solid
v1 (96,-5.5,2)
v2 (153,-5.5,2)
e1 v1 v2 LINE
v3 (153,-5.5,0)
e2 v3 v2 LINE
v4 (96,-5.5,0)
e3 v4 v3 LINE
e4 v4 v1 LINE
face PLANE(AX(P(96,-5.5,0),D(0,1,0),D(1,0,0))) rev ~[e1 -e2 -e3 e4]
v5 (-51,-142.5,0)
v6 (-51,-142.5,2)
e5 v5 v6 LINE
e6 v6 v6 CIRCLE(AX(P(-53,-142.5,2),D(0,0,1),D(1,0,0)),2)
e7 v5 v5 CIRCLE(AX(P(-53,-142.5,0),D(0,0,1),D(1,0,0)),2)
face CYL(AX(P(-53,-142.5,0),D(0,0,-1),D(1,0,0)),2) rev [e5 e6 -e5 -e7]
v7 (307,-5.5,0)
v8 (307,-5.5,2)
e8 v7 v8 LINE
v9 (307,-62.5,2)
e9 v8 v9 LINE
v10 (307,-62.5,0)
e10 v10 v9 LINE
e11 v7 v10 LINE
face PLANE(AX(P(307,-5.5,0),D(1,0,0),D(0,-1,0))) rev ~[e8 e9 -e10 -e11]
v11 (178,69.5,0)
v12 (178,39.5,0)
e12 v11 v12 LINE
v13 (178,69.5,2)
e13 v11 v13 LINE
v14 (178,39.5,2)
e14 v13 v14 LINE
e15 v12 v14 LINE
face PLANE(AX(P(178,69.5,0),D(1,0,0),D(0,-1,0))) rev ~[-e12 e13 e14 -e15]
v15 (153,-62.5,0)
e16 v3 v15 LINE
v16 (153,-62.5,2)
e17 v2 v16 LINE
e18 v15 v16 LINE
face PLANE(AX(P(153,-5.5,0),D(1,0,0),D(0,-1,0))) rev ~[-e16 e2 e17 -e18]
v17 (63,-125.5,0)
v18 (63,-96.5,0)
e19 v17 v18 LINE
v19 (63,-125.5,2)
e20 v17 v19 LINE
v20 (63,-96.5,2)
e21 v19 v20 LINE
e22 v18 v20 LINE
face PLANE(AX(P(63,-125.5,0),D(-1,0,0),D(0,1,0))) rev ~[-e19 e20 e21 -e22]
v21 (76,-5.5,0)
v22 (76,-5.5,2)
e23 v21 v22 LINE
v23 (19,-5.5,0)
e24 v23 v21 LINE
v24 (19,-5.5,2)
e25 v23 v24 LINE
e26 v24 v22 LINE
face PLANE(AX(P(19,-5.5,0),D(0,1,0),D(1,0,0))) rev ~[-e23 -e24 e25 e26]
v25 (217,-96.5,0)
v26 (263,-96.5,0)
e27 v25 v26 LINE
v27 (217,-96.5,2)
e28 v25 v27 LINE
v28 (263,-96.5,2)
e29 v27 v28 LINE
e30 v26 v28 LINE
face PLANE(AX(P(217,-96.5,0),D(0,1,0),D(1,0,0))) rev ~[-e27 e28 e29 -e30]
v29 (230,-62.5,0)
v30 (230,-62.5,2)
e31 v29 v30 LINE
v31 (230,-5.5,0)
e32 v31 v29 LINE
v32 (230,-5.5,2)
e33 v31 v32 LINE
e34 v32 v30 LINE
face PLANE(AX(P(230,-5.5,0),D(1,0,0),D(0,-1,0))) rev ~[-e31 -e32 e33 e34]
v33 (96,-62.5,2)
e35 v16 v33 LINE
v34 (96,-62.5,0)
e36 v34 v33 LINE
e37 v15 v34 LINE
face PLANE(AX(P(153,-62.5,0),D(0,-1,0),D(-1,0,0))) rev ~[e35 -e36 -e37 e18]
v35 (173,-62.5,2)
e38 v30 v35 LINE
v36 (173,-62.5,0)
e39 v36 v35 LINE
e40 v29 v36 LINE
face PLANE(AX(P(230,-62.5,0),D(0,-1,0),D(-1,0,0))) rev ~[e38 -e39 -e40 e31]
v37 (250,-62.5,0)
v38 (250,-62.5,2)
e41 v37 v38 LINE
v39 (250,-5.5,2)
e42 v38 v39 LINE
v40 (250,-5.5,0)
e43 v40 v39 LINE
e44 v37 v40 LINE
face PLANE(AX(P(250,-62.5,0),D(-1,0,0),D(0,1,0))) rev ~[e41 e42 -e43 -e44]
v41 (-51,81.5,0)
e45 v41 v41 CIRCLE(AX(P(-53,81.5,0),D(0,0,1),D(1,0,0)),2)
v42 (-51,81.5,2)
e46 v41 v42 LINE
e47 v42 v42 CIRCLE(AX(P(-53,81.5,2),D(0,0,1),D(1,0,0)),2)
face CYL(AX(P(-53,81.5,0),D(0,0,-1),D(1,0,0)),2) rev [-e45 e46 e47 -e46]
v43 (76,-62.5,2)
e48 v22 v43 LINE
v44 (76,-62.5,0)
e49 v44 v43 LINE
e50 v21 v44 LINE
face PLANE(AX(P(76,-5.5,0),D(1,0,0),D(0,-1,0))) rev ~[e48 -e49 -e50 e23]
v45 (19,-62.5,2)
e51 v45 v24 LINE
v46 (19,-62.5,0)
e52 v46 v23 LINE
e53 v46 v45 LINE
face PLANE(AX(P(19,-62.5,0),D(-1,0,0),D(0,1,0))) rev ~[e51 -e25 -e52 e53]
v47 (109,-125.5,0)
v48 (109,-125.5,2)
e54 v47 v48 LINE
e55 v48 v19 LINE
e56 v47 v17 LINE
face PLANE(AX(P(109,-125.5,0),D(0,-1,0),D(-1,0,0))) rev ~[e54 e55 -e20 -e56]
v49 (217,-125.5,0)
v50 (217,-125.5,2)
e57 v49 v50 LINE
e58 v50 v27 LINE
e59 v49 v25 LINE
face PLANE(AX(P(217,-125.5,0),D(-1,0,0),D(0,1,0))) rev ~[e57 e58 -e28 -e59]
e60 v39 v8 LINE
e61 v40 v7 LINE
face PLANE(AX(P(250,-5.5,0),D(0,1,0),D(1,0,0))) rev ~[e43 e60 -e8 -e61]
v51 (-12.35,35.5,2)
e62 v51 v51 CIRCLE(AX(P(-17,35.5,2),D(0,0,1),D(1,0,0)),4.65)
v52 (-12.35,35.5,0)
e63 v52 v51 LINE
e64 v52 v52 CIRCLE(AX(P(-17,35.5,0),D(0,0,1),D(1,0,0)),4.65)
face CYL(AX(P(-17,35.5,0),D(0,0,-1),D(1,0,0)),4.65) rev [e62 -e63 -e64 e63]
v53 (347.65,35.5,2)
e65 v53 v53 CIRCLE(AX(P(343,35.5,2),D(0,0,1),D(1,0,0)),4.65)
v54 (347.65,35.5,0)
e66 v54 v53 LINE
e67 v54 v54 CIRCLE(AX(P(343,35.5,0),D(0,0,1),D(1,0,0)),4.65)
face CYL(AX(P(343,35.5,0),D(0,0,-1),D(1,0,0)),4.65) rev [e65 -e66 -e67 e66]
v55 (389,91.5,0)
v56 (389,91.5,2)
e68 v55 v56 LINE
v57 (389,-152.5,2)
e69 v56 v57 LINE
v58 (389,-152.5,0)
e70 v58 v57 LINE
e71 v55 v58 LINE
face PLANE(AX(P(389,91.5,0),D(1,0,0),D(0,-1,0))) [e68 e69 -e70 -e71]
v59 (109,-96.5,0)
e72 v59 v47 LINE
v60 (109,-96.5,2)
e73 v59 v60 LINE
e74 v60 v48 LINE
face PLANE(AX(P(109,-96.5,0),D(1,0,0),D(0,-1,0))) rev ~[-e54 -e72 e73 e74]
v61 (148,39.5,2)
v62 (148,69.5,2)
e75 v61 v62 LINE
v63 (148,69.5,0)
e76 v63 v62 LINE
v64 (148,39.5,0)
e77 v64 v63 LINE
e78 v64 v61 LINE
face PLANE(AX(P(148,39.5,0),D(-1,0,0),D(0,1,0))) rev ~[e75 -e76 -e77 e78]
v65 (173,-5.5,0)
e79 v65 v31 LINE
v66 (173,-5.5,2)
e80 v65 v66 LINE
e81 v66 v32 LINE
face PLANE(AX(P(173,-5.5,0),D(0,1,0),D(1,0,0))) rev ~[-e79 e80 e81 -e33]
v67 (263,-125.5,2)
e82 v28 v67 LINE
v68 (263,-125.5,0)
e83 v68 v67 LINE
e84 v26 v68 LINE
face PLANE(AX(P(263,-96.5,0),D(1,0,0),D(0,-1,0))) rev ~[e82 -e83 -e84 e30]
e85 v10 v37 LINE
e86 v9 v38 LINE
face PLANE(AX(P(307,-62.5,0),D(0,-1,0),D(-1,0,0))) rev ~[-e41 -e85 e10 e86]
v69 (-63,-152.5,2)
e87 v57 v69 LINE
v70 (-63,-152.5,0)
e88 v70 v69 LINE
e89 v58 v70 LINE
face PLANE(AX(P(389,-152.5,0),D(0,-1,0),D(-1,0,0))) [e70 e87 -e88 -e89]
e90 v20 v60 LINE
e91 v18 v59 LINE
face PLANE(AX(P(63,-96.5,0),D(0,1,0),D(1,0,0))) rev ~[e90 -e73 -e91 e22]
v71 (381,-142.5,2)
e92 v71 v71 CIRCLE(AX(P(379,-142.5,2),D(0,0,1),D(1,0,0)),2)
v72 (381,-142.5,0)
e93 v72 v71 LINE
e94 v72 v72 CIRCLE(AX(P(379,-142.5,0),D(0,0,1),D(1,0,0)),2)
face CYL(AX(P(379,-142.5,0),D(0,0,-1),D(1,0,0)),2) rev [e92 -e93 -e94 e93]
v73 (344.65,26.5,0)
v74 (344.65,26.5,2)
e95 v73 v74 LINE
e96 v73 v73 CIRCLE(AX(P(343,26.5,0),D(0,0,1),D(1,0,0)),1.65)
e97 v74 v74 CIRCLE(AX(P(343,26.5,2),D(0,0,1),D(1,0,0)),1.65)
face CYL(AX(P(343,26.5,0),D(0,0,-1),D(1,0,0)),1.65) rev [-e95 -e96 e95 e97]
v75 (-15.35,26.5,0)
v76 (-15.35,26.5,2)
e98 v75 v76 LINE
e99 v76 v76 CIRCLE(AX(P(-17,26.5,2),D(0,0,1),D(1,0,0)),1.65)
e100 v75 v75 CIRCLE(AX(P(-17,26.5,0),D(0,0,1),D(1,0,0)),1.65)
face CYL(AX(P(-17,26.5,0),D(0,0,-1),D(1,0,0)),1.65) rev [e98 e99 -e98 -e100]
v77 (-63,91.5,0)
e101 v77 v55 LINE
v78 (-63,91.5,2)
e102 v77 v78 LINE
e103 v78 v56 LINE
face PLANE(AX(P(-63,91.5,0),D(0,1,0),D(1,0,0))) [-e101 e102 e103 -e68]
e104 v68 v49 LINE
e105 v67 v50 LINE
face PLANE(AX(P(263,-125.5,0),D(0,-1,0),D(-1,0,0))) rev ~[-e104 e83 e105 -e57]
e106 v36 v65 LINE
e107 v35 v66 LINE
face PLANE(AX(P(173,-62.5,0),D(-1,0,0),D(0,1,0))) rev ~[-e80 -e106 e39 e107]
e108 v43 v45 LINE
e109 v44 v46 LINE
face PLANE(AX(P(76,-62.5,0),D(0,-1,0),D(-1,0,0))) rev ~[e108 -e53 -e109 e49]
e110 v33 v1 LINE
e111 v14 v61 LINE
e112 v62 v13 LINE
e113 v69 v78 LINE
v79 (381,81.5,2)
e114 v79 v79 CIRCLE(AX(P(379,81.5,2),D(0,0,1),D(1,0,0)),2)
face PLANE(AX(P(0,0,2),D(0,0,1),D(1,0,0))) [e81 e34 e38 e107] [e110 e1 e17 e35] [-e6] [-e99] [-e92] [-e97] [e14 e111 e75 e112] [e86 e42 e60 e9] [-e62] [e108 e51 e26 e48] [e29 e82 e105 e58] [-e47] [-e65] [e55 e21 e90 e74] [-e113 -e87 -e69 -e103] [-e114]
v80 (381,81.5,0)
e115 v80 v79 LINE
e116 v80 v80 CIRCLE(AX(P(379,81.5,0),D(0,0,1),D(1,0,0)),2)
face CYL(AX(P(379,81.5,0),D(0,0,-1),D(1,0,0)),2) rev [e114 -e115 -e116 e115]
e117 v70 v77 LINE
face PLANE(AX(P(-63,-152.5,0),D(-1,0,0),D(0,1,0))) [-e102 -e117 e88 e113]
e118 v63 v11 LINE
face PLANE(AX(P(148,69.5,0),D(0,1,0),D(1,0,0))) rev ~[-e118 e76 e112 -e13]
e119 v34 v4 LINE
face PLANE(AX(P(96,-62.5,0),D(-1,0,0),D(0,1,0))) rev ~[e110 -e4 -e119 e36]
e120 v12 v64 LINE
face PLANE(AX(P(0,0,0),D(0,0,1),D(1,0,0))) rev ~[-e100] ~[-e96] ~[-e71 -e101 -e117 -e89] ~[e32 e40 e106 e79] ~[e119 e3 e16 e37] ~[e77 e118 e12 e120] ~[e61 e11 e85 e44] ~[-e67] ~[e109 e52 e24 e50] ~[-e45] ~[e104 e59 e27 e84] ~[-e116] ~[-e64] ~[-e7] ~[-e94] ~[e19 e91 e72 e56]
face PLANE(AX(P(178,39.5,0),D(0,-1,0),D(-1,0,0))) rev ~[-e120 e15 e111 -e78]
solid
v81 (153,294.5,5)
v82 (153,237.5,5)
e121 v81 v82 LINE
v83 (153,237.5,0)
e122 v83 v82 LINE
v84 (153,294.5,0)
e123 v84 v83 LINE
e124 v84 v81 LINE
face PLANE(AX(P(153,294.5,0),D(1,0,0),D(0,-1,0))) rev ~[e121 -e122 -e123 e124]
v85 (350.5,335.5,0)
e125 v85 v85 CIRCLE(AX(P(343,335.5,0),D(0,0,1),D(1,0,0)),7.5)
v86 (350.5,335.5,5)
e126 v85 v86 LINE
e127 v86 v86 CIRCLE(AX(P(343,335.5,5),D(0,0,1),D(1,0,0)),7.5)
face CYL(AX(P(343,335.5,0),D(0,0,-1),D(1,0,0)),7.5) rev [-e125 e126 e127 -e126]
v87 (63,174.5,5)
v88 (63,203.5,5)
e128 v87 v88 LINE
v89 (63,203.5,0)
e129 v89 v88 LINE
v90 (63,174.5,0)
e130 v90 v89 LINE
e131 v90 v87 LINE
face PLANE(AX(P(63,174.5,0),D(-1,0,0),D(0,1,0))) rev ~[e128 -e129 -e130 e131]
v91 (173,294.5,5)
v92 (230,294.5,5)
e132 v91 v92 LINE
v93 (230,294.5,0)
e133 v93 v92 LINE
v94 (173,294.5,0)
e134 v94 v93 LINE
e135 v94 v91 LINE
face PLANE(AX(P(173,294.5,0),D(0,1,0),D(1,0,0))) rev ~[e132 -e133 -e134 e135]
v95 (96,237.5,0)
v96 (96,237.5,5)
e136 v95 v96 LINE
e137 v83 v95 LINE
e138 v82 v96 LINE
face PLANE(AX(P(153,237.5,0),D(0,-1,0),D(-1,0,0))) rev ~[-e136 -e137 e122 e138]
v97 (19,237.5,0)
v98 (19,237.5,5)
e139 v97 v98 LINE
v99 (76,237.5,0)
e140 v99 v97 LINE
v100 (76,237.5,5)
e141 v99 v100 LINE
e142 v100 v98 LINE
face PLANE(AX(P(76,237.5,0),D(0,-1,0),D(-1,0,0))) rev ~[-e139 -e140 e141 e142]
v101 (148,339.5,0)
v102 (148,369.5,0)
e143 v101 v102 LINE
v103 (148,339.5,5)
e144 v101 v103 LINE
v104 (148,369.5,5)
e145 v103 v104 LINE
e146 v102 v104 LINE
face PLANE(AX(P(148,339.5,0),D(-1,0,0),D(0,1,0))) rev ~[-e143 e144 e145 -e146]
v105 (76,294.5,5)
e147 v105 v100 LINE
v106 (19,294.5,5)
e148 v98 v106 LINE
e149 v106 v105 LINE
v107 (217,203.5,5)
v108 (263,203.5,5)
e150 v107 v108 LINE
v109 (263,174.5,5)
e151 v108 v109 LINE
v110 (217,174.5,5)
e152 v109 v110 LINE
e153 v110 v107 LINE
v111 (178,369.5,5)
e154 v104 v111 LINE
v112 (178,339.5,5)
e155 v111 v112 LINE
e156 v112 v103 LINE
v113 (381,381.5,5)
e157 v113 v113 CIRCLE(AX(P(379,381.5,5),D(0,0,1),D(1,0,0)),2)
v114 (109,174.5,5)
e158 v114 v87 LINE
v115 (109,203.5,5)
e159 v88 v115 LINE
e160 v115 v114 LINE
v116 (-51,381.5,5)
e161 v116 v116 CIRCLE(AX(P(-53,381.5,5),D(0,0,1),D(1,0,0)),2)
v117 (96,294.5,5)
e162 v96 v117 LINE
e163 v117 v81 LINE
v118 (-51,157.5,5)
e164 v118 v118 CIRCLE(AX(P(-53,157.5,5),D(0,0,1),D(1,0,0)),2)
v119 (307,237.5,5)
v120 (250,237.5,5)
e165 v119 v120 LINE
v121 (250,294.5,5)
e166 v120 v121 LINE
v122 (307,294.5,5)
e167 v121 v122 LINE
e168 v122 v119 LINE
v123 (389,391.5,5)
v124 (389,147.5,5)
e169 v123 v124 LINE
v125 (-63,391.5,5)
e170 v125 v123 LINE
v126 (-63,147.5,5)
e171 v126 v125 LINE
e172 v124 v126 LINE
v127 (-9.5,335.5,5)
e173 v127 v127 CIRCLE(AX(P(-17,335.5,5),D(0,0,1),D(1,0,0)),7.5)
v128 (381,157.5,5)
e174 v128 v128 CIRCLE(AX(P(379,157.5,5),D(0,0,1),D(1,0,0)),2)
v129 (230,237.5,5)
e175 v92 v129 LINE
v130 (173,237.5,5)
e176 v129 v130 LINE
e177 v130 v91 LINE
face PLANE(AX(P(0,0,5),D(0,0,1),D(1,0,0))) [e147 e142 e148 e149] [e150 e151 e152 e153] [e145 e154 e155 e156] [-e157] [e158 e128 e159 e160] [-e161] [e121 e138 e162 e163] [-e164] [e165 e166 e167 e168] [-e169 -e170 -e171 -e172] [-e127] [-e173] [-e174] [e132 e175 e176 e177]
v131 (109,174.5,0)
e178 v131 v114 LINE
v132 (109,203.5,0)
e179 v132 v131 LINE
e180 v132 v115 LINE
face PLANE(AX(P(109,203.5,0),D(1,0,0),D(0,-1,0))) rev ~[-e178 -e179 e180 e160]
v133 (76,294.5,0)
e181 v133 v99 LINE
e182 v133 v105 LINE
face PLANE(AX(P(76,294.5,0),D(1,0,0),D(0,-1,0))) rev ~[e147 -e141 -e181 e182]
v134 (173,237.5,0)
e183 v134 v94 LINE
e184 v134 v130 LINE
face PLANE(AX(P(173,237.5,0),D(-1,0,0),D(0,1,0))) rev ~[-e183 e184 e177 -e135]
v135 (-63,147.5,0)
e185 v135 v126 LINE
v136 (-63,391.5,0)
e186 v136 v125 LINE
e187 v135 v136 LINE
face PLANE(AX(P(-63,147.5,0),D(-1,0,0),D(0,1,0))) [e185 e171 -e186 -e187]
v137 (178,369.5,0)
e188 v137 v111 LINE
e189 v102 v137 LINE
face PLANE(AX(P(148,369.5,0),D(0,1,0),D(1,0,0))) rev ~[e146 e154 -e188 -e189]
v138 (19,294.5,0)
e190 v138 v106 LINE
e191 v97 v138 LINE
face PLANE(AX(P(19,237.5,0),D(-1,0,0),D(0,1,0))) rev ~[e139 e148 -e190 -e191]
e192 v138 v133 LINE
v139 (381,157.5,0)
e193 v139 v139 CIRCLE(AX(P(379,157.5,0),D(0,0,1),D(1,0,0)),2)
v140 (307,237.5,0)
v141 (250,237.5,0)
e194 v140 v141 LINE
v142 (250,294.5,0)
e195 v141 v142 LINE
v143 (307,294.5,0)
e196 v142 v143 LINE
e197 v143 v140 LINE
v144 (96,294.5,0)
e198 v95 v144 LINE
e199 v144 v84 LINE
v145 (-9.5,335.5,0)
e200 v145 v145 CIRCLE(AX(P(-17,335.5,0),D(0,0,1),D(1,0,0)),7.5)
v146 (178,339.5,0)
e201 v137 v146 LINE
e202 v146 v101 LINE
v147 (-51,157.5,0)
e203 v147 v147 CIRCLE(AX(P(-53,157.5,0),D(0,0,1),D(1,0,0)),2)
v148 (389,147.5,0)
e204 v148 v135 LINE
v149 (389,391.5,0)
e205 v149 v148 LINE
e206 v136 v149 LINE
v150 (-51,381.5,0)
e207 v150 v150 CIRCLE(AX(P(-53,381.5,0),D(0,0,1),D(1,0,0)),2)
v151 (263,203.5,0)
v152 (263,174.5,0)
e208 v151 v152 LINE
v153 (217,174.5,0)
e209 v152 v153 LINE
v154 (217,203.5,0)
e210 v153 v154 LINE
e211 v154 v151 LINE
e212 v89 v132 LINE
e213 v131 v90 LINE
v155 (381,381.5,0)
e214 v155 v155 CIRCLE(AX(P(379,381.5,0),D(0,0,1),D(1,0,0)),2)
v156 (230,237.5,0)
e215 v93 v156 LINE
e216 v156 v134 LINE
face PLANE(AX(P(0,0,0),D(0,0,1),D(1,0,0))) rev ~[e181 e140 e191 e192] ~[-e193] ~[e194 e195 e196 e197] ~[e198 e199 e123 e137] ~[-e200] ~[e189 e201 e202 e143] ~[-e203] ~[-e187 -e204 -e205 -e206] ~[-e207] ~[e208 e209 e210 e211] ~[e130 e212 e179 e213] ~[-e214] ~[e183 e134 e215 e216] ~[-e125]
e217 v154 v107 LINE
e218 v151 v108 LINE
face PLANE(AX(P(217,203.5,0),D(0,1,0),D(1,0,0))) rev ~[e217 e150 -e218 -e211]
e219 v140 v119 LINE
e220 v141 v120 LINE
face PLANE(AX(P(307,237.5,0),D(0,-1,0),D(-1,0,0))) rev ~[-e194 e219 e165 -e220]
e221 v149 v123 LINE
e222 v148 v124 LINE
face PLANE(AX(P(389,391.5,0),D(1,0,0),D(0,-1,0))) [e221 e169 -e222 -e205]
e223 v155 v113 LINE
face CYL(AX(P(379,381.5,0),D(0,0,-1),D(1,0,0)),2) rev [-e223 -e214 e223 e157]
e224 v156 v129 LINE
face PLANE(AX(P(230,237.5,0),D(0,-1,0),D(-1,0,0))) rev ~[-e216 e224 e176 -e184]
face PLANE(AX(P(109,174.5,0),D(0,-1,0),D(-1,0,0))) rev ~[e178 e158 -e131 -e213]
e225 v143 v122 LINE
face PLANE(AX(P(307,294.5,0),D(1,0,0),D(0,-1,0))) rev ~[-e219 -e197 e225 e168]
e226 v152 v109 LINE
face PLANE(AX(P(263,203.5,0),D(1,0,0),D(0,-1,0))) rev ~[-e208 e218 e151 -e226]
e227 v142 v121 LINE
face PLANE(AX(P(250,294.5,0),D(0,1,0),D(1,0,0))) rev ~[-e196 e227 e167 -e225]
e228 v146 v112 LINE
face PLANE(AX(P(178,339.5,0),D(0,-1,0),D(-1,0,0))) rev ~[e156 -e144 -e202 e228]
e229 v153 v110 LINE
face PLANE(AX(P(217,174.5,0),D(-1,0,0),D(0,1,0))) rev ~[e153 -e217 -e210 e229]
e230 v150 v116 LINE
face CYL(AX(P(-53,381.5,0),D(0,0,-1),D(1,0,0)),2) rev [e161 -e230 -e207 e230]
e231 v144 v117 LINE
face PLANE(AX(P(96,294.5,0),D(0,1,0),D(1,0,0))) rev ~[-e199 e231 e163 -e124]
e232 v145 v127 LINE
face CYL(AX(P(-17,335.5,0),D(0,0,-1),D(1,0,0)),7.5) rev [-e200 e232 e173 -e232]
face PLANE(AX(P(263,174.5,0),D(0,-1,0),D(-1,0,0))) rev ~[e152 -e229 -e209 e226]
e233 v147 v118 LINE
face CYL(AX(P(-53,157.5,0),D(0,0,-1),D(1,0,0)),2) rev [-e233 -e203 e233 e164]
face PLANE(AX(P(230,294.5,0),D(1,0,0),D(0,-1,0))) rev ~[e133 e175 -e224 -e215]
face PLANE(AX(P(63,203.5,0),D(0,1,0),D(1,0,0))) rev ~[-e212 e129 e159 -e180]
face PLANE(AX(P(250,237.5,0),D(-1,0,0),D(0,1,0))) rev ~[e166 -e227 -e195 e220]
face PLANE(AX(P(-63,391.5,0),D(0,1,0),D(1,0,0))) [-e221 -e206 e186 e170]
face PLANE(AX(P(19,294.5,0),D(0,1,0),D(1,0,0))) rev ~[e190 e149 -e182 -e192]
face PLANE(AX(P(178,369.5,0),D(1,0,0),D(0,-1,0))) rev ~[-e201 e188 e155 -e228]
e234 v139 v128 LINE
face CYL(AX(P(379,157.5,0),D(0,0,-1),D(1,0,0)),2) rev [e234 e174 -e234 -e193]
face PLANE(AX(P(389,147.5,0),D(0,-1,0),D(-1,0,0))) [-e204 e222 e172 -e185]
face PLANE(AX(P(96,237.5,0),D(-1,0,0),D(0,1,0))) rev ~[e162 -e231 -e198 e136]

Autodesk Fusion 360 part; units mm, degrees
sketch "스케치1" plane through (0, 0, 0) normal (0, 0, 1) x (1, 0, 0)
  line L0 (-63, 91.5) -> (389, 91.5)
  line L1 (389, 91.5) -> (389, -152.5)
  line L2 (389, -152.5) -> (-63, -152.5)
  line L3 (-63, -152.5) -> (-63, 91.5)
  circle A0 centre (-17, 35.5) radius 4.65
  circle A1 centre (-17, 26.5) radius 1.65
  circle A2 centre (343, 35.5) radius 4.65
  circle A3 centre (343, 26.5) radius 1.65
  line L4 (148, 69.5) -> (178, 69.5)
  line L5 (178, 69.5) -> (178, 39.5)
  line L6 (178, 39.5) -> (148, 39.5)
  line L7 (148, 39.5) -> (148, 69.5)
  line L8 (19, -5.5) -> (76, -5.5)
  line L9 (76, -5.5) -> (76, -62.5)
  line L10 (76, -62.5) -> (19, -62.5)
  line L11 (19, -62.5) -> (19, -5.5)
  line L12 (96, -5.5) -> (153, -5.5)
  line L13 (153, -5.5) -> (153, -62.5)
  line L14 (153, -62.5) -> (96, -62.5)
  line L15 (96, -62.5) -> (96, -5.5)
  line L16 (173, -5.5) -> (230, -5.5)
  line L17 (230, -5.5) -> (230, -62.5)
  line L18 (230, -62.5) -> (173, -62.5)
  line L19 (173, -62.5) -> (173, -5.5)
  line L20 (250, -5.5) -> (307, -5.5)
  line L21 (307, -5.5) -> (307, -62.5)
  line L22 (307, -62.5) -> (250, -62.5)
  line L23 (250, -62.5) -> (250, -5.5)
  line L24 (63, -96.5) -> (109, -96.5)
  line L25 (109, -96.5) -> (109, -125.5)
  line L26 (109, -125.5) -> (63, -125.5)
  line L27 (63, -125.5) -> (63, -96.5)
  line L28 (217, -96.5) -> (263, -96.5)
  line L29 (263, -96.5) -> (263, -125.5)
  line L30 (263, -125.5) -> (217, -125.5)
  line L31 (217, -125.5) -> (217, -96.5)
  circle A4 centre (-53, -142.5) radius 2
  circle A5 centre (-53, 81.5) radius 2
  circle A6 centre (379, 81.5) radius 2
  circle A7 centre (379, -142.5) radius 2
  dimension "d1" = 452
  dimension "d2" = 244
  dimension "d3" = 9.3
  dimension "d4" = 46
  dimension "d5" = 56
  dimension "d6" = 3.3
  dimension "d7" = 9
  dimension "d8" = 9.3
  dimension "d9" = 46
  dimension "d10" = 56
  dimension "d11" = 3.3
  dimension "d12" = 9
  dimension "d13" = 30
  dimension "d14" = 30
  dimension "d15" = 22
  dimension "d16" = 211
  dimension "d17" = 57
  dimension "d18" = 57
  dimension "d19" = 82
  dimension "d20" = 97
  dimension "d21" = 57
  dimension "d22" = 57
  dimension "d23" = 20
  dimension "d24" = 57
  dimension "d25" = 57
  dimension "d26" = 20
  dimension "d27" = 57
  dimension "d28" = 57
  dimension "d29" = 20
  dimension "d124" = 46
  dimension "d125" = 29
  dimension "d126" = 126
  dimension "d127" = 27
  dimension "d128" = 46
  dimension "d129" = 29
  dimension "d130" = 108
  dimension "d131" = 4
  dimension "d132" = 10
  dimension "d133" = 10
  dimension "d134" = 4
  dimension "d135" = 10
  dimension "d136" = 10
  dimension "d137" = 4
  dimension "d138" = 10
  dimension "d139" = 10
  dimension "d140" = 4
  dimension "d141" = 10
  dimension "d142" = 10
sketch "스케치2" plane through (0, 0, 0) normal (0, 0, 1) x (1, 0, 0)
  line L0 (250, 237.5) -> (250, 294.5)
  line L1 (230, 294.5) -> (230, 237.5)
  circle A0 centre (343, 335.5) radius 7.5
  line L2 (173, 294.5) -> (230, 294.5)
  line L3 (153, 237.5) -> (96, 237.5)
  line L4 (19, 237.5) -> (19, 294.5)
  line L5 (-63, 391.5) -> (389, 391.5)
  circle A1 centre (-17, 335.5) radius 7.5
  line L6 (96, 294.5) -> (153, 294.5)
  line L7 (-63, 147.5) -> (-63, 391.5)
  line L8 (19, 294.5) -> (76, 294.5)
  line L9 (178, 339.5) -> (148, 339.5)
  line L10 (148, 369.5) -> (178, 369.5)
  line L11 (307, 237.5) -> (250, 237.5)
  line L12 (178, 369.5) -> (178, 339.5)
  line L13 (389, 391.5) -> (389, 147.5)
  line L14 (173, 237.5) -> (173, 294.5)
  line L15 (76, 237.5) -> (19, 237.5)
  line L16 (230, 237.5) -> (173, 237.5)
  line L17 (153, 294.5) -> (153, 237.5)
  line L18 (96, 237.5) -> (96, 294.5)
  line L19 (76, 294.5) -> (76, 237.5)
  line L20 (250, 294.5) -> (307, 294.5)
  line L21 (389, 147.5) -> (-63, 147.5)
  line L22 (307, 294.5) -> (307, 237.5)
  line L23 (148, 339.5) -> (148, 369.5)
  line L24 (63, 203.5) -> (109, 203.5)
  line L25 (109, 203.5) -> (109, 174.5)
  line L26 (109, 174.5) -> (63, 174.5)
  line L27 (63, 174.5) -> (63, 203.5)
  line L28 (217, 203.5) -> (263, 203.5)
  line L29 (263, 203.5) -> (263, 174.5)
  line L30 (263, 174.5) -> (217, 174.5)
  line L31 (217, 174.5) -> (217, 203.5)
  circle A2 centre (-53, 381.5) radius 2
  circle A3 centre (-53, 157.5) radius 2
  circle A4 centre (379, 381.5) radius 2
  circle A5 centre (379, 157.5) radius 2
  dimension "d47" = 452
  dimension "d48" = 244
  dimension "d49" = 15
  dimension "d50" = 46
  dimension "d51" = 56
  dimension "d54" = 15
  dimension "d55" = 46
  dimension "d56" = 56
  dimension "d59" = 30
  dimension "d60" = 30
  dimension "d61" = 22
  dimension "d62" = 211
  dimension "d63" = 57
  dimension "d64" = 57
  dimension "d65" = 82
  dimension "d66" = 97
  dimension "d67" = 57
  dimension "d68" = 57
  dimension "d69" = 20
  dimension "d70" = 57
  dimension "d71" = 57
  dimension "d72" = 20
  dimension "d73" = 57
  dimension "d74" = 57
  dimension "d75" = 20
  dimension "d117" = 46
  dimension "d118" = 29
  dimension "d119" = 126
  dimension "d120" = 27
  dimension "d121" = 46
  dimension "d122" = 29
  dimension "d123" = 108
  dimension "d179" = 4
  dimension "d180" = 10
  dimension "d181" = 10
  dimension "d182" = 4
  dimension "d183" = 4
  dimension "d184" = 4
  dimension "d185" = 10
  dimension "d186" = 10
  dimension "d187" = 10
  dimension "d188" = 10
  dimension "d189" = 10
  dimension "d190" = 10
extrude "돌출4" add sketch "스케치1" along normal blind 2 makes body 1
extrude "돌출7" add sketch "스케치2" along normal blind 5 separate body makes body 2
extrude "돌출2" [suppressed]
hole "홀1" [suppressed]
hole "홀2" [suppressed]
move_body "이동2" [suppressed]
move_body "이동3" [suppressed]
move_body "이동4" [suppressed]
move_body "이동5" [suppressed]
move_body "이동6" [suppressed]
move_body "이동7" [suppressed]
move_body "이동8" [suppressed]
